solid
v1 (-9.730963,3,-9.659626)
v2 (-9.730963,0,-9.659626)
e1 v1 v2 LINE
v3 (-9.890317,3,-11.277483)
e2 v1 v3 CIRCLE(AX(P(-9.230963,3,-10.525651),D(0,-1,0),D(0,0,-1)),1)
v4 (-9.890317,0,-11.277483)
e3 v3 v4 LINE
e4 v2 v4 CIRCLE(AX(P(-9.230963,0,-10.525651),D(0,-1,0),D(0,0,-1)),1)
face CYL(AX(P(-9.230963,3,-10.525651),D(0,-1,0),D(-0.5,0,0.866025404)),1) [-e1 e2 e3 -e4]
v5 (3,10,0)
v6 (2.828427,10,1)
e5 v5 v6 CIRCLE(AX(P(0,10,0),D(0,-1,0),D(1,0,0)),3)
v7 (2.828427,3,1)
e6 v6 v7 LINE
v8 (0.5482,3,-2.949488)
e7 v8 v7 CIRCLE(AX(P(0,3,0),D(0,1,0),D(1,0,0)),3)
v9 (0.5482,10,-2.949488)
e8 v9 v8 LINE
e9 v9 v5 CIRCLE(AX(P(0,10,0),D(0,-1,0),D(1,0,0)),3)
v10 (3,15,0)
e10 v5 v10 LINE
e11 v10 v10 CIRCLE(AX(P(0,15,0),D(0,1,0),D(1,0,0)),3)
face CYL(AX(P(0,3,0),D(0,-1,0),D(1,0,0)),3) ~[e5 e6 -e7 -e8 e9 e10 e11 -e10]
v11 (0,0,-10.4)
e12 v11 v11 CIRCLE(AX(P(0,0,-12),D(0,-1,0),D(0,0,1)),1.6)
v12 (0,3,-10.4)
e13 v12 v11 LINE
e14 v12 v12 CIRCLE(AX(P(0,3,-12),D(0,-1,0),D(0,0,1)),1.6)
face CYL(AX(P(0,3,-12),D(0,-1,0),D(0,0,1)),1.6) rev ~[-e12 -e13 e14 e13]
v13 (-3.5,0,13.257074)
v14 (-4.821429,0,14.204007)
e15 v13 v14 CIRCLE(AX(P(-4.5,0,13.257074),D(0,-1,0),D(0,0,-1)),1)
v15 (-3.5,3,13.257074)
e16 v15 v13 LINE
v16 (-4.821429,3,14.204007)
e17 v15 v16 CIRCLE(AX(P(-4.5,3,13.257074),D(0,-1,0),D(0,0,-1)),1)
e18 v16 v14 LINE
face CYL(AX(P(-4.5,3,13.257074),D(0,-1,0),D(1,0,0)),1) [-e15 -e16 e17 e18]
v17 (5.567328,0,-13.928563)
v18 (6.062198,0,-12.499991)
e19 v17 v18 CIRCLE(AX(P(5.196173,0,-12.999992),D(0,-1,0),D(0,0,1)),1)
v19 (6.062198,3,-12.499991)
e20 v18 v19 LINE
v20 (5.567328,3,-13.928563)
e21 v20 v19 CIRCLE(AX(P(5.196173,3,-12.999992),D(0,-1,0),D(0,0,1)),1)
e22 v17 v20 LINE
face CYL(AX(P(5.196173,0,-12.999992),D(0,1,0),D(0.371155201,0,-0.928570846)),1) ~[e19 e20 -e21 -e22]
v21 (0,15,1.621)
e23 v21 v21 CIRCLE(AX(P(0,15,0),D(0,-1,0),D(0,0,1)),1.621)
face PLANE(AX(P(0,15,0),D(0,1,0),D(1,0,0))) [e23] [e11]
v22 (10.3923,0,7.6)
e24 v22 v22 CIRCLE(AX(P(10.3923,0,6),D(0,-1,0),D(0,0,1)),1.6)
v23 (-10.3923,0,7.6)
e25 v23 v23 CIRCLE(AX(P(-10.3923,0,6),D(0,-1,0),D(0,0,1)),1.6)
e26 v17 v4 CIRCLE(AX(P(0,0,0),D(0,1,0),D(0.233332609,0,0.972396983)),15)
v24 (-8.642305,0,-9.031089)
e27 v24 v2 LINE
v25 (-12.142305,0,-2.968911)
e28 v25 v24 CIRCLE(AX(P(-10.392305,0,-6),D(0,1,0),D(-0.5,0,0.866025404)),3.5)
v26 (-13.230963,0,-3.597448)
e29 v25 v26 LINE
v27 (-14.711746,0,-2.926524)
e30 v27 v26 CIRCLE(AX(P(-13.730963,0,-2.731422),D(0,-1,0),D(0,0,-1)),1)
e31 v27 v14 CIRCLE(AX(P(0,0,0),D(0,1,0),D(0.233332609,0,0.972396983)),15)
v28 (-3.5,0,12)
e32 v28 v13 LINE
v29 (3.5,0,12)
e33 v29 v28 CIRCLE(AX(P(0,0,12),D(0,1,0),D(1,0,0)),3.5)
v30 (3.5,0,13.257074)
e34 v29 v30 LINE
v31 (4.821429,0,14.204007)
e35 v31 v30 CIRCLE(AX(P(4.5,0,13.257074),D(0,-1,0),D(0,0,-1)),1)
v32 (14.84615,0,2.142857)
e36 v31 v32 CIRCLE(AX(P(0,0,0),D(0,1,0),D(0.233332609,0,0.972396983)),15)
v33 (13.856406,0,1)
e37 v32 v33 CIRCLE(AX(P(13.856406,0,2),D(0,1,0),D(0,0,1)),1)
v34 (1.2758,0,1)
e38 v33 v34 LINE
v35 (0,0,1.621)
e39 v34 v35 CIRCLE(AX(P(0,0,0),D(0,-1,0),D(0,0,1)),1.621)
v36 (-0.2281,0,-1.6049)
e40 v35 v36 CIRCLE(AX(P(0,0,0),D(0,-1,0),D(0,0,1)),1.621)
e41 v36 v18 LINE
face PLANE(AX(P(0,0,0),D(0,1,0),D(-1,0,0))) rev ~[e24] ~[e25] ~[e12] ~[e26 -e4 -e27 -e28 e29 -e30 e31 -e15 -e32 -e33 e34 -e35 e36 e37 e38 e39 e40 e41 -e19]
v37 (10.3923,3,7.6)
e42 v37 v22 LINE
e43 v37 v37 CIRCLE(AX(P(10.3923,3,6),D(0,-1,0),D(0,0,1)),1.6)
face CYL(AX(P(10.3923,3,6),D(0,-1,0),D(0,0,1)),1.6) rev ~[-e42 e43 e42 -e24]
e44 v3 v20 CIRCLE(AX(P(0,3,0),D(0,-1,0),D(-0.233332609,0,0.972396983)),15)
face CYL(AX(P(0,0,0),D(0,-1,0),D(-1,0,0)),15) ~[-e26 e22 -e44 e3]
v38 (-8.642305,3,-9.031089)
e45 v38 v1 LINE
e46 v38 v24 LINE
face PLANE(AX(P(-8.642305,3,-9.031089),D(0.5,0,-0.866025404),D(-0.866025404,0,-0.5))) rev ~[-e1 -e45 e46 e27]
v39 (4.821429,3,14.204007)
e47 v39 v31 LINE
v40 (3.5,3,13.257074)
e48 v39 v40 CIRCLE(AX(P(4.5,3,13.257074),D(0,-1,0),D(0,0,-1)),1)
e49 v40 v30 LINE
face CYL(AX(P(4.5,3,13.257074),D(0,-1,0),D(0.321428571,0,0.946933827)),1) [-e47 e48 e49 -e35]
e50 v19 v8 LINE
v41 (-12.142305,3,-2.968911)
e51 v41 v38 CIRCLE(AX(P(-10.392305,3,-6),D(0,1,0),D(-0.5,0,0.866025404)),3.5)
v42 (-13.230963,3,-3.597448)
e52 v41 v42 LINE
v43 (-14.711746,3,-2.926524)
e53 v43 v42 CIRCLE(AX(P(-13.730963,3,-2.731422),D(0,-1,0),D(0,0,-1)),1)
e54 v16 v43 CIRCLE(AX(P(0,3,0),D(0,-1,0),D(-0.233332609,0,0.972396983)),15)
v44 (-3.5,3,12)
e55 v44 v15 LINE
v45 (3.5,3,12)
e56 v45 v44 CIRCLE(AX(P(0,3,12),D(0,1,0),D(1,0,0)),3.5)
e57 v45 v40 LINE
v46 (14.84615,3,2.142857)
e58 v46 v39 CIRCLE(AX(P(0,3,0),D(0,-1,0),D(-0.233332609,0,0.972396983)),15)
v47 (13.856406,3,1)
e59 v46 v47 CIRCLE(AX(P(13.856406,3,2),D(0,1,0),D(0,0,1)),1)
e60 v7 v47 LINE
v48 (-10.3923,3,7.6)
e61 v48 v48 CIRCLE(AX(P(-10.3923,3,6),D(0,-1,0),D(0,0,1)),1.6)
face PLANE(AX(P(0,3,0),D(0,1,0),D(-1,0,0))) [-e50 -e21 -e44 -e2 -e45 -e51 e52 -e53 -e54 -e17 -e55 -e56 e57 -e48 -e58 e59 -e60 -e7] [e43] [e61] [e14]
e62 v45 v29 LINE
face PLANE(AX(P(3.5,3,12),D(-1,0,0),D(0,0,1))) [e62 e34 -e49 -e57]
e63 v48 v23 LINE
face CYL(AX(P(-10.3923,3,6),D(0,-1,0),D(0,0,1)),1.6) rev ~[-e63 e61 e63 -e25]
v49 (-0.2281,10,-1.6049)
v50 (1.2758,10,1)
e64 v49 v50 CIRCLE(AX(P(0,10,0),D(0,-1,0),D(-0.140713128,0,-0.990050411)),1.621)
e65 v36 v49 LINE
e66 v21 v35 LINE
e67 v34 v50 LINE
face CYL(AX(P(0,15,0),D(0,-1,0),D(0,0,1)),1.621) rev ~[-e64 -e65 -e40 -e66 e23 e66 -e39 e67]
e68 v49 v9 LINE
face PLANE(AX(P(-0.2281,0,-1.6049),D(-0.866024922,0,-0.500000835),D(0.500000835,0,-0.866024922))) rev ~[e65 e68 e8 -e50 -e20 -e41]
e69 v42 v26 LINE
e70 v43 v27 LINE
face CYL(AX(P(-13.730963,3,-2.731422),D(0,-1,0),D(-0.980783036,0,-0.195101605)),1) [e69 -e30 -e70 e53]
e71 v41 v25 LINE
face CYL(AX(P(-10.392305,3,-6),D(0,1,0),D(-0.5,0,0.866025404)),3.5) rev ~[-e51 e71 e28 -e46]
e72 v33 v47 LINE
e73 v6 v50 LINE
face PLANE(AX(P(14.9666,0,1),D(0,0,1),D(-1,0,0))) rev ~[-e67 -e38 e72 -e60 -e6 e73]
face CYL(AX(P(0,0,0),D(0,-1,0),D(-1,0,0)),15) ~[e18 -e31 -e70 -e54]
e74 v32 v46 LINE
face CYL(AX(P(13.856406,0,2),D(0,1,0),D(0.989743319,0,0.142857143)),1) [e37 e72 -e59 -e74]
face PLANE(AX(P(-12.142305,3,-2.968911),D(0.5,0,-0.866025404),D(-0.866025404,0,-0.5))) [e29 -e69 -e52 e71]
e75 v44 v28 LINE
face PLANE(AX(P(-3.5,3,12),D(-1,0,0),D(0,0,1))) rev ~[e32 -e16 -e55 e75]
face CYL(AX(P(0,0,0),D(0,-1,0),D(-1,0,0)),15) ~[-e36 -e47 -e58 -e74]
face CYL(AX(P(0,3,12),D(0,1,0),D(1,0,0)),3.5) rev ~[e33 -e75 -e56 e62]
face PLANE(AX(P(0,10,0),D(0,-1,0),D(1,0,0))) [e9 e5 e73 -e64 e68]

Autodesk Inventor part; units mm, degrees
ref_plane "YZ Plane" through (0, 0, 0) normal (1, 0, 0) x (0, 1, 0)
ref_plane "XZ Plane" through (0, 0, 0) normal (0, 1, 0) x (-1, 0, 0)
ref_plane "XY Plane" through (0, 0, 0) normal (0, 0, 1) x (1, 0, 0)
sketch "Sketch1" plane through (0, 0, 0) normal (0, 1, 0) x (-1, 0, 0)
  circle A0 centre (0, 0) radius 15
  dimension "d0" = 30
extrude "Extrusion1" add sketch "Sketch1" along normal blind 3
sketch "Sketch2" plane through (0, 3, 0) normal (0, 1, 0) x (1, 0, 0)
  circle A0 centre (0, 0) radius 12 construction
  point P0 (0, 12)
  point P1 (-10.3923, -6)
  point P2 (10.3923, -6)
  dimension "d3" = 24
  dimension "d4" = 120
hole "Hole1" at (0, 3, -12) at (-10.3923, 3, 6) at (10.3923, 3, 6) direction (0, -1, 0) diameter 3.2 end through all
sketch "Sketch4" plane through (0, 3, 0) normal (0, 1, 0) x (1, 0, 0)
  circle A0 centre (0, -12) radius 3.5
  circle A1 centre (0, 0) radius 15 projected
  arc A2 (-3.5, -14.586) -> (3.5, -14.586) centre (0, 0) ccw
  line L0 (3.5, -12) -> (3.5, -14.586)
  line L1 (-3.5, -12) -> (-3.5, -14.586)
  dimension "d12" = 7
  dimension "d13" = 12
extrude "Extrusion2" cut sketch "Sketch4" against normal through all contours A0 A1 | L0 A1 A0 | A0 A1 L1 picked at (0.1406, -12.8318)
pattern_circular "Circular Pattern1" count 3 over 360 about axis through (0, 0, 0) along (0, 1, 0) of "Extrusion2"
sketch "Sketch6" plane through (0, 3, 0) normal (0, 1, 0) x (1, 0, 0)
  circle A0 centre (0, 0) radius 3
  dimension "d24" = 6
extrude "Extrusion4" add sketch "Sketch6" along normal blind 12
sketch "Sketch7" plane through (0, 0, 0) normal (0, -1, 0) x (1, 0, 0)
  line L0 (-1.5, 0) -> (63.9289, 0) construction
  line L1 (0, -1.5) -> (62.4289, -1.5)
  line L2 (62.4289, 1.5) -> (0, 1.5)
  arc A0 (0, 1.5) -> (0, -1.5) centre (0, 0) ccw
  arc A1 (62.4289, -1.5) -> (62.4289, 1.5) centre (62.4289, 0) ccw
  point P0 (31.2144, 0)
  dimension "d27" = 3
extrude "Extrusion5" [suppressed]
sketch "Sketch8" plane through (0, 15, 0) normal (0, 1, 0) x (1, 0, 0)
  point P0 (0, 0)
  point P1 (0, 0)
hole "Hole2" at (0, 15, 0) direction (0, -1, 0) diameter 3.242 end through all thread size "M4x0.7" class "6H" standard "ANSI Metric M Profile"
sketch "Sketch9" plane through (0, 0, 0) normal (0, -1, 0) x (1, 0, 0)
  arc A0 (12.1423, -2.9689) -> (8.6423, -9.0311) centre (10.3923, -6) ccw projected
  line L0 (0, 0) -> (10.3923, -6) construction
  line L1 (0, 0) -> (9.8835, -17.1187) construction
  line L2 (0, 0) -> (17.8778, 0) construction
  line L3 (19.4334, 1) -> (1.2758, 1)
  circle A1 centre (0, 0) radius 1.621 projected
  line L4 (-0.2281, -1.6049) -> (7.499, -14.9886)
  arc A2 (-10.8818, -10.3241) -> (10.8818, -10.3241) centre (0, 0) ccw projected
  arc A3 (14.3818, -4.2619) -> (3.5, 14.586) centre (0, 0) ccw projected
  arc A4 (6.6173, -13.4615) -> (14.9666, 1) centre (0, 0) ccw
  point P0 (10.8818, -10.3241)
  point P1 (14.3818, -4.2619)
  dimension "d37" = 30
  dimension "d38" = 30
  dimension "d39" = 1
  dimension "d40" = 1
extrude "Extrusion6" cut sketch "Sketch9" against normal blind 10 contours A3 A4 A2 L4 A1 L3
fillet "Fillet1" radius 1 6 edges at (14.9666, 1.5, 1) (6.6173, 1.5, -13.4615) (-3.5, 1.5, 14.586) (3.5, 1.5, 14.586) (-14.3818, 1.5, -4.2619) (-10.8818, 1.5, -10.3241)
equation "\"d38\" = d37"
equation "\"d40\" = d39"
properties part number "FrameSupport-Flange-Slit" material "Copper"
